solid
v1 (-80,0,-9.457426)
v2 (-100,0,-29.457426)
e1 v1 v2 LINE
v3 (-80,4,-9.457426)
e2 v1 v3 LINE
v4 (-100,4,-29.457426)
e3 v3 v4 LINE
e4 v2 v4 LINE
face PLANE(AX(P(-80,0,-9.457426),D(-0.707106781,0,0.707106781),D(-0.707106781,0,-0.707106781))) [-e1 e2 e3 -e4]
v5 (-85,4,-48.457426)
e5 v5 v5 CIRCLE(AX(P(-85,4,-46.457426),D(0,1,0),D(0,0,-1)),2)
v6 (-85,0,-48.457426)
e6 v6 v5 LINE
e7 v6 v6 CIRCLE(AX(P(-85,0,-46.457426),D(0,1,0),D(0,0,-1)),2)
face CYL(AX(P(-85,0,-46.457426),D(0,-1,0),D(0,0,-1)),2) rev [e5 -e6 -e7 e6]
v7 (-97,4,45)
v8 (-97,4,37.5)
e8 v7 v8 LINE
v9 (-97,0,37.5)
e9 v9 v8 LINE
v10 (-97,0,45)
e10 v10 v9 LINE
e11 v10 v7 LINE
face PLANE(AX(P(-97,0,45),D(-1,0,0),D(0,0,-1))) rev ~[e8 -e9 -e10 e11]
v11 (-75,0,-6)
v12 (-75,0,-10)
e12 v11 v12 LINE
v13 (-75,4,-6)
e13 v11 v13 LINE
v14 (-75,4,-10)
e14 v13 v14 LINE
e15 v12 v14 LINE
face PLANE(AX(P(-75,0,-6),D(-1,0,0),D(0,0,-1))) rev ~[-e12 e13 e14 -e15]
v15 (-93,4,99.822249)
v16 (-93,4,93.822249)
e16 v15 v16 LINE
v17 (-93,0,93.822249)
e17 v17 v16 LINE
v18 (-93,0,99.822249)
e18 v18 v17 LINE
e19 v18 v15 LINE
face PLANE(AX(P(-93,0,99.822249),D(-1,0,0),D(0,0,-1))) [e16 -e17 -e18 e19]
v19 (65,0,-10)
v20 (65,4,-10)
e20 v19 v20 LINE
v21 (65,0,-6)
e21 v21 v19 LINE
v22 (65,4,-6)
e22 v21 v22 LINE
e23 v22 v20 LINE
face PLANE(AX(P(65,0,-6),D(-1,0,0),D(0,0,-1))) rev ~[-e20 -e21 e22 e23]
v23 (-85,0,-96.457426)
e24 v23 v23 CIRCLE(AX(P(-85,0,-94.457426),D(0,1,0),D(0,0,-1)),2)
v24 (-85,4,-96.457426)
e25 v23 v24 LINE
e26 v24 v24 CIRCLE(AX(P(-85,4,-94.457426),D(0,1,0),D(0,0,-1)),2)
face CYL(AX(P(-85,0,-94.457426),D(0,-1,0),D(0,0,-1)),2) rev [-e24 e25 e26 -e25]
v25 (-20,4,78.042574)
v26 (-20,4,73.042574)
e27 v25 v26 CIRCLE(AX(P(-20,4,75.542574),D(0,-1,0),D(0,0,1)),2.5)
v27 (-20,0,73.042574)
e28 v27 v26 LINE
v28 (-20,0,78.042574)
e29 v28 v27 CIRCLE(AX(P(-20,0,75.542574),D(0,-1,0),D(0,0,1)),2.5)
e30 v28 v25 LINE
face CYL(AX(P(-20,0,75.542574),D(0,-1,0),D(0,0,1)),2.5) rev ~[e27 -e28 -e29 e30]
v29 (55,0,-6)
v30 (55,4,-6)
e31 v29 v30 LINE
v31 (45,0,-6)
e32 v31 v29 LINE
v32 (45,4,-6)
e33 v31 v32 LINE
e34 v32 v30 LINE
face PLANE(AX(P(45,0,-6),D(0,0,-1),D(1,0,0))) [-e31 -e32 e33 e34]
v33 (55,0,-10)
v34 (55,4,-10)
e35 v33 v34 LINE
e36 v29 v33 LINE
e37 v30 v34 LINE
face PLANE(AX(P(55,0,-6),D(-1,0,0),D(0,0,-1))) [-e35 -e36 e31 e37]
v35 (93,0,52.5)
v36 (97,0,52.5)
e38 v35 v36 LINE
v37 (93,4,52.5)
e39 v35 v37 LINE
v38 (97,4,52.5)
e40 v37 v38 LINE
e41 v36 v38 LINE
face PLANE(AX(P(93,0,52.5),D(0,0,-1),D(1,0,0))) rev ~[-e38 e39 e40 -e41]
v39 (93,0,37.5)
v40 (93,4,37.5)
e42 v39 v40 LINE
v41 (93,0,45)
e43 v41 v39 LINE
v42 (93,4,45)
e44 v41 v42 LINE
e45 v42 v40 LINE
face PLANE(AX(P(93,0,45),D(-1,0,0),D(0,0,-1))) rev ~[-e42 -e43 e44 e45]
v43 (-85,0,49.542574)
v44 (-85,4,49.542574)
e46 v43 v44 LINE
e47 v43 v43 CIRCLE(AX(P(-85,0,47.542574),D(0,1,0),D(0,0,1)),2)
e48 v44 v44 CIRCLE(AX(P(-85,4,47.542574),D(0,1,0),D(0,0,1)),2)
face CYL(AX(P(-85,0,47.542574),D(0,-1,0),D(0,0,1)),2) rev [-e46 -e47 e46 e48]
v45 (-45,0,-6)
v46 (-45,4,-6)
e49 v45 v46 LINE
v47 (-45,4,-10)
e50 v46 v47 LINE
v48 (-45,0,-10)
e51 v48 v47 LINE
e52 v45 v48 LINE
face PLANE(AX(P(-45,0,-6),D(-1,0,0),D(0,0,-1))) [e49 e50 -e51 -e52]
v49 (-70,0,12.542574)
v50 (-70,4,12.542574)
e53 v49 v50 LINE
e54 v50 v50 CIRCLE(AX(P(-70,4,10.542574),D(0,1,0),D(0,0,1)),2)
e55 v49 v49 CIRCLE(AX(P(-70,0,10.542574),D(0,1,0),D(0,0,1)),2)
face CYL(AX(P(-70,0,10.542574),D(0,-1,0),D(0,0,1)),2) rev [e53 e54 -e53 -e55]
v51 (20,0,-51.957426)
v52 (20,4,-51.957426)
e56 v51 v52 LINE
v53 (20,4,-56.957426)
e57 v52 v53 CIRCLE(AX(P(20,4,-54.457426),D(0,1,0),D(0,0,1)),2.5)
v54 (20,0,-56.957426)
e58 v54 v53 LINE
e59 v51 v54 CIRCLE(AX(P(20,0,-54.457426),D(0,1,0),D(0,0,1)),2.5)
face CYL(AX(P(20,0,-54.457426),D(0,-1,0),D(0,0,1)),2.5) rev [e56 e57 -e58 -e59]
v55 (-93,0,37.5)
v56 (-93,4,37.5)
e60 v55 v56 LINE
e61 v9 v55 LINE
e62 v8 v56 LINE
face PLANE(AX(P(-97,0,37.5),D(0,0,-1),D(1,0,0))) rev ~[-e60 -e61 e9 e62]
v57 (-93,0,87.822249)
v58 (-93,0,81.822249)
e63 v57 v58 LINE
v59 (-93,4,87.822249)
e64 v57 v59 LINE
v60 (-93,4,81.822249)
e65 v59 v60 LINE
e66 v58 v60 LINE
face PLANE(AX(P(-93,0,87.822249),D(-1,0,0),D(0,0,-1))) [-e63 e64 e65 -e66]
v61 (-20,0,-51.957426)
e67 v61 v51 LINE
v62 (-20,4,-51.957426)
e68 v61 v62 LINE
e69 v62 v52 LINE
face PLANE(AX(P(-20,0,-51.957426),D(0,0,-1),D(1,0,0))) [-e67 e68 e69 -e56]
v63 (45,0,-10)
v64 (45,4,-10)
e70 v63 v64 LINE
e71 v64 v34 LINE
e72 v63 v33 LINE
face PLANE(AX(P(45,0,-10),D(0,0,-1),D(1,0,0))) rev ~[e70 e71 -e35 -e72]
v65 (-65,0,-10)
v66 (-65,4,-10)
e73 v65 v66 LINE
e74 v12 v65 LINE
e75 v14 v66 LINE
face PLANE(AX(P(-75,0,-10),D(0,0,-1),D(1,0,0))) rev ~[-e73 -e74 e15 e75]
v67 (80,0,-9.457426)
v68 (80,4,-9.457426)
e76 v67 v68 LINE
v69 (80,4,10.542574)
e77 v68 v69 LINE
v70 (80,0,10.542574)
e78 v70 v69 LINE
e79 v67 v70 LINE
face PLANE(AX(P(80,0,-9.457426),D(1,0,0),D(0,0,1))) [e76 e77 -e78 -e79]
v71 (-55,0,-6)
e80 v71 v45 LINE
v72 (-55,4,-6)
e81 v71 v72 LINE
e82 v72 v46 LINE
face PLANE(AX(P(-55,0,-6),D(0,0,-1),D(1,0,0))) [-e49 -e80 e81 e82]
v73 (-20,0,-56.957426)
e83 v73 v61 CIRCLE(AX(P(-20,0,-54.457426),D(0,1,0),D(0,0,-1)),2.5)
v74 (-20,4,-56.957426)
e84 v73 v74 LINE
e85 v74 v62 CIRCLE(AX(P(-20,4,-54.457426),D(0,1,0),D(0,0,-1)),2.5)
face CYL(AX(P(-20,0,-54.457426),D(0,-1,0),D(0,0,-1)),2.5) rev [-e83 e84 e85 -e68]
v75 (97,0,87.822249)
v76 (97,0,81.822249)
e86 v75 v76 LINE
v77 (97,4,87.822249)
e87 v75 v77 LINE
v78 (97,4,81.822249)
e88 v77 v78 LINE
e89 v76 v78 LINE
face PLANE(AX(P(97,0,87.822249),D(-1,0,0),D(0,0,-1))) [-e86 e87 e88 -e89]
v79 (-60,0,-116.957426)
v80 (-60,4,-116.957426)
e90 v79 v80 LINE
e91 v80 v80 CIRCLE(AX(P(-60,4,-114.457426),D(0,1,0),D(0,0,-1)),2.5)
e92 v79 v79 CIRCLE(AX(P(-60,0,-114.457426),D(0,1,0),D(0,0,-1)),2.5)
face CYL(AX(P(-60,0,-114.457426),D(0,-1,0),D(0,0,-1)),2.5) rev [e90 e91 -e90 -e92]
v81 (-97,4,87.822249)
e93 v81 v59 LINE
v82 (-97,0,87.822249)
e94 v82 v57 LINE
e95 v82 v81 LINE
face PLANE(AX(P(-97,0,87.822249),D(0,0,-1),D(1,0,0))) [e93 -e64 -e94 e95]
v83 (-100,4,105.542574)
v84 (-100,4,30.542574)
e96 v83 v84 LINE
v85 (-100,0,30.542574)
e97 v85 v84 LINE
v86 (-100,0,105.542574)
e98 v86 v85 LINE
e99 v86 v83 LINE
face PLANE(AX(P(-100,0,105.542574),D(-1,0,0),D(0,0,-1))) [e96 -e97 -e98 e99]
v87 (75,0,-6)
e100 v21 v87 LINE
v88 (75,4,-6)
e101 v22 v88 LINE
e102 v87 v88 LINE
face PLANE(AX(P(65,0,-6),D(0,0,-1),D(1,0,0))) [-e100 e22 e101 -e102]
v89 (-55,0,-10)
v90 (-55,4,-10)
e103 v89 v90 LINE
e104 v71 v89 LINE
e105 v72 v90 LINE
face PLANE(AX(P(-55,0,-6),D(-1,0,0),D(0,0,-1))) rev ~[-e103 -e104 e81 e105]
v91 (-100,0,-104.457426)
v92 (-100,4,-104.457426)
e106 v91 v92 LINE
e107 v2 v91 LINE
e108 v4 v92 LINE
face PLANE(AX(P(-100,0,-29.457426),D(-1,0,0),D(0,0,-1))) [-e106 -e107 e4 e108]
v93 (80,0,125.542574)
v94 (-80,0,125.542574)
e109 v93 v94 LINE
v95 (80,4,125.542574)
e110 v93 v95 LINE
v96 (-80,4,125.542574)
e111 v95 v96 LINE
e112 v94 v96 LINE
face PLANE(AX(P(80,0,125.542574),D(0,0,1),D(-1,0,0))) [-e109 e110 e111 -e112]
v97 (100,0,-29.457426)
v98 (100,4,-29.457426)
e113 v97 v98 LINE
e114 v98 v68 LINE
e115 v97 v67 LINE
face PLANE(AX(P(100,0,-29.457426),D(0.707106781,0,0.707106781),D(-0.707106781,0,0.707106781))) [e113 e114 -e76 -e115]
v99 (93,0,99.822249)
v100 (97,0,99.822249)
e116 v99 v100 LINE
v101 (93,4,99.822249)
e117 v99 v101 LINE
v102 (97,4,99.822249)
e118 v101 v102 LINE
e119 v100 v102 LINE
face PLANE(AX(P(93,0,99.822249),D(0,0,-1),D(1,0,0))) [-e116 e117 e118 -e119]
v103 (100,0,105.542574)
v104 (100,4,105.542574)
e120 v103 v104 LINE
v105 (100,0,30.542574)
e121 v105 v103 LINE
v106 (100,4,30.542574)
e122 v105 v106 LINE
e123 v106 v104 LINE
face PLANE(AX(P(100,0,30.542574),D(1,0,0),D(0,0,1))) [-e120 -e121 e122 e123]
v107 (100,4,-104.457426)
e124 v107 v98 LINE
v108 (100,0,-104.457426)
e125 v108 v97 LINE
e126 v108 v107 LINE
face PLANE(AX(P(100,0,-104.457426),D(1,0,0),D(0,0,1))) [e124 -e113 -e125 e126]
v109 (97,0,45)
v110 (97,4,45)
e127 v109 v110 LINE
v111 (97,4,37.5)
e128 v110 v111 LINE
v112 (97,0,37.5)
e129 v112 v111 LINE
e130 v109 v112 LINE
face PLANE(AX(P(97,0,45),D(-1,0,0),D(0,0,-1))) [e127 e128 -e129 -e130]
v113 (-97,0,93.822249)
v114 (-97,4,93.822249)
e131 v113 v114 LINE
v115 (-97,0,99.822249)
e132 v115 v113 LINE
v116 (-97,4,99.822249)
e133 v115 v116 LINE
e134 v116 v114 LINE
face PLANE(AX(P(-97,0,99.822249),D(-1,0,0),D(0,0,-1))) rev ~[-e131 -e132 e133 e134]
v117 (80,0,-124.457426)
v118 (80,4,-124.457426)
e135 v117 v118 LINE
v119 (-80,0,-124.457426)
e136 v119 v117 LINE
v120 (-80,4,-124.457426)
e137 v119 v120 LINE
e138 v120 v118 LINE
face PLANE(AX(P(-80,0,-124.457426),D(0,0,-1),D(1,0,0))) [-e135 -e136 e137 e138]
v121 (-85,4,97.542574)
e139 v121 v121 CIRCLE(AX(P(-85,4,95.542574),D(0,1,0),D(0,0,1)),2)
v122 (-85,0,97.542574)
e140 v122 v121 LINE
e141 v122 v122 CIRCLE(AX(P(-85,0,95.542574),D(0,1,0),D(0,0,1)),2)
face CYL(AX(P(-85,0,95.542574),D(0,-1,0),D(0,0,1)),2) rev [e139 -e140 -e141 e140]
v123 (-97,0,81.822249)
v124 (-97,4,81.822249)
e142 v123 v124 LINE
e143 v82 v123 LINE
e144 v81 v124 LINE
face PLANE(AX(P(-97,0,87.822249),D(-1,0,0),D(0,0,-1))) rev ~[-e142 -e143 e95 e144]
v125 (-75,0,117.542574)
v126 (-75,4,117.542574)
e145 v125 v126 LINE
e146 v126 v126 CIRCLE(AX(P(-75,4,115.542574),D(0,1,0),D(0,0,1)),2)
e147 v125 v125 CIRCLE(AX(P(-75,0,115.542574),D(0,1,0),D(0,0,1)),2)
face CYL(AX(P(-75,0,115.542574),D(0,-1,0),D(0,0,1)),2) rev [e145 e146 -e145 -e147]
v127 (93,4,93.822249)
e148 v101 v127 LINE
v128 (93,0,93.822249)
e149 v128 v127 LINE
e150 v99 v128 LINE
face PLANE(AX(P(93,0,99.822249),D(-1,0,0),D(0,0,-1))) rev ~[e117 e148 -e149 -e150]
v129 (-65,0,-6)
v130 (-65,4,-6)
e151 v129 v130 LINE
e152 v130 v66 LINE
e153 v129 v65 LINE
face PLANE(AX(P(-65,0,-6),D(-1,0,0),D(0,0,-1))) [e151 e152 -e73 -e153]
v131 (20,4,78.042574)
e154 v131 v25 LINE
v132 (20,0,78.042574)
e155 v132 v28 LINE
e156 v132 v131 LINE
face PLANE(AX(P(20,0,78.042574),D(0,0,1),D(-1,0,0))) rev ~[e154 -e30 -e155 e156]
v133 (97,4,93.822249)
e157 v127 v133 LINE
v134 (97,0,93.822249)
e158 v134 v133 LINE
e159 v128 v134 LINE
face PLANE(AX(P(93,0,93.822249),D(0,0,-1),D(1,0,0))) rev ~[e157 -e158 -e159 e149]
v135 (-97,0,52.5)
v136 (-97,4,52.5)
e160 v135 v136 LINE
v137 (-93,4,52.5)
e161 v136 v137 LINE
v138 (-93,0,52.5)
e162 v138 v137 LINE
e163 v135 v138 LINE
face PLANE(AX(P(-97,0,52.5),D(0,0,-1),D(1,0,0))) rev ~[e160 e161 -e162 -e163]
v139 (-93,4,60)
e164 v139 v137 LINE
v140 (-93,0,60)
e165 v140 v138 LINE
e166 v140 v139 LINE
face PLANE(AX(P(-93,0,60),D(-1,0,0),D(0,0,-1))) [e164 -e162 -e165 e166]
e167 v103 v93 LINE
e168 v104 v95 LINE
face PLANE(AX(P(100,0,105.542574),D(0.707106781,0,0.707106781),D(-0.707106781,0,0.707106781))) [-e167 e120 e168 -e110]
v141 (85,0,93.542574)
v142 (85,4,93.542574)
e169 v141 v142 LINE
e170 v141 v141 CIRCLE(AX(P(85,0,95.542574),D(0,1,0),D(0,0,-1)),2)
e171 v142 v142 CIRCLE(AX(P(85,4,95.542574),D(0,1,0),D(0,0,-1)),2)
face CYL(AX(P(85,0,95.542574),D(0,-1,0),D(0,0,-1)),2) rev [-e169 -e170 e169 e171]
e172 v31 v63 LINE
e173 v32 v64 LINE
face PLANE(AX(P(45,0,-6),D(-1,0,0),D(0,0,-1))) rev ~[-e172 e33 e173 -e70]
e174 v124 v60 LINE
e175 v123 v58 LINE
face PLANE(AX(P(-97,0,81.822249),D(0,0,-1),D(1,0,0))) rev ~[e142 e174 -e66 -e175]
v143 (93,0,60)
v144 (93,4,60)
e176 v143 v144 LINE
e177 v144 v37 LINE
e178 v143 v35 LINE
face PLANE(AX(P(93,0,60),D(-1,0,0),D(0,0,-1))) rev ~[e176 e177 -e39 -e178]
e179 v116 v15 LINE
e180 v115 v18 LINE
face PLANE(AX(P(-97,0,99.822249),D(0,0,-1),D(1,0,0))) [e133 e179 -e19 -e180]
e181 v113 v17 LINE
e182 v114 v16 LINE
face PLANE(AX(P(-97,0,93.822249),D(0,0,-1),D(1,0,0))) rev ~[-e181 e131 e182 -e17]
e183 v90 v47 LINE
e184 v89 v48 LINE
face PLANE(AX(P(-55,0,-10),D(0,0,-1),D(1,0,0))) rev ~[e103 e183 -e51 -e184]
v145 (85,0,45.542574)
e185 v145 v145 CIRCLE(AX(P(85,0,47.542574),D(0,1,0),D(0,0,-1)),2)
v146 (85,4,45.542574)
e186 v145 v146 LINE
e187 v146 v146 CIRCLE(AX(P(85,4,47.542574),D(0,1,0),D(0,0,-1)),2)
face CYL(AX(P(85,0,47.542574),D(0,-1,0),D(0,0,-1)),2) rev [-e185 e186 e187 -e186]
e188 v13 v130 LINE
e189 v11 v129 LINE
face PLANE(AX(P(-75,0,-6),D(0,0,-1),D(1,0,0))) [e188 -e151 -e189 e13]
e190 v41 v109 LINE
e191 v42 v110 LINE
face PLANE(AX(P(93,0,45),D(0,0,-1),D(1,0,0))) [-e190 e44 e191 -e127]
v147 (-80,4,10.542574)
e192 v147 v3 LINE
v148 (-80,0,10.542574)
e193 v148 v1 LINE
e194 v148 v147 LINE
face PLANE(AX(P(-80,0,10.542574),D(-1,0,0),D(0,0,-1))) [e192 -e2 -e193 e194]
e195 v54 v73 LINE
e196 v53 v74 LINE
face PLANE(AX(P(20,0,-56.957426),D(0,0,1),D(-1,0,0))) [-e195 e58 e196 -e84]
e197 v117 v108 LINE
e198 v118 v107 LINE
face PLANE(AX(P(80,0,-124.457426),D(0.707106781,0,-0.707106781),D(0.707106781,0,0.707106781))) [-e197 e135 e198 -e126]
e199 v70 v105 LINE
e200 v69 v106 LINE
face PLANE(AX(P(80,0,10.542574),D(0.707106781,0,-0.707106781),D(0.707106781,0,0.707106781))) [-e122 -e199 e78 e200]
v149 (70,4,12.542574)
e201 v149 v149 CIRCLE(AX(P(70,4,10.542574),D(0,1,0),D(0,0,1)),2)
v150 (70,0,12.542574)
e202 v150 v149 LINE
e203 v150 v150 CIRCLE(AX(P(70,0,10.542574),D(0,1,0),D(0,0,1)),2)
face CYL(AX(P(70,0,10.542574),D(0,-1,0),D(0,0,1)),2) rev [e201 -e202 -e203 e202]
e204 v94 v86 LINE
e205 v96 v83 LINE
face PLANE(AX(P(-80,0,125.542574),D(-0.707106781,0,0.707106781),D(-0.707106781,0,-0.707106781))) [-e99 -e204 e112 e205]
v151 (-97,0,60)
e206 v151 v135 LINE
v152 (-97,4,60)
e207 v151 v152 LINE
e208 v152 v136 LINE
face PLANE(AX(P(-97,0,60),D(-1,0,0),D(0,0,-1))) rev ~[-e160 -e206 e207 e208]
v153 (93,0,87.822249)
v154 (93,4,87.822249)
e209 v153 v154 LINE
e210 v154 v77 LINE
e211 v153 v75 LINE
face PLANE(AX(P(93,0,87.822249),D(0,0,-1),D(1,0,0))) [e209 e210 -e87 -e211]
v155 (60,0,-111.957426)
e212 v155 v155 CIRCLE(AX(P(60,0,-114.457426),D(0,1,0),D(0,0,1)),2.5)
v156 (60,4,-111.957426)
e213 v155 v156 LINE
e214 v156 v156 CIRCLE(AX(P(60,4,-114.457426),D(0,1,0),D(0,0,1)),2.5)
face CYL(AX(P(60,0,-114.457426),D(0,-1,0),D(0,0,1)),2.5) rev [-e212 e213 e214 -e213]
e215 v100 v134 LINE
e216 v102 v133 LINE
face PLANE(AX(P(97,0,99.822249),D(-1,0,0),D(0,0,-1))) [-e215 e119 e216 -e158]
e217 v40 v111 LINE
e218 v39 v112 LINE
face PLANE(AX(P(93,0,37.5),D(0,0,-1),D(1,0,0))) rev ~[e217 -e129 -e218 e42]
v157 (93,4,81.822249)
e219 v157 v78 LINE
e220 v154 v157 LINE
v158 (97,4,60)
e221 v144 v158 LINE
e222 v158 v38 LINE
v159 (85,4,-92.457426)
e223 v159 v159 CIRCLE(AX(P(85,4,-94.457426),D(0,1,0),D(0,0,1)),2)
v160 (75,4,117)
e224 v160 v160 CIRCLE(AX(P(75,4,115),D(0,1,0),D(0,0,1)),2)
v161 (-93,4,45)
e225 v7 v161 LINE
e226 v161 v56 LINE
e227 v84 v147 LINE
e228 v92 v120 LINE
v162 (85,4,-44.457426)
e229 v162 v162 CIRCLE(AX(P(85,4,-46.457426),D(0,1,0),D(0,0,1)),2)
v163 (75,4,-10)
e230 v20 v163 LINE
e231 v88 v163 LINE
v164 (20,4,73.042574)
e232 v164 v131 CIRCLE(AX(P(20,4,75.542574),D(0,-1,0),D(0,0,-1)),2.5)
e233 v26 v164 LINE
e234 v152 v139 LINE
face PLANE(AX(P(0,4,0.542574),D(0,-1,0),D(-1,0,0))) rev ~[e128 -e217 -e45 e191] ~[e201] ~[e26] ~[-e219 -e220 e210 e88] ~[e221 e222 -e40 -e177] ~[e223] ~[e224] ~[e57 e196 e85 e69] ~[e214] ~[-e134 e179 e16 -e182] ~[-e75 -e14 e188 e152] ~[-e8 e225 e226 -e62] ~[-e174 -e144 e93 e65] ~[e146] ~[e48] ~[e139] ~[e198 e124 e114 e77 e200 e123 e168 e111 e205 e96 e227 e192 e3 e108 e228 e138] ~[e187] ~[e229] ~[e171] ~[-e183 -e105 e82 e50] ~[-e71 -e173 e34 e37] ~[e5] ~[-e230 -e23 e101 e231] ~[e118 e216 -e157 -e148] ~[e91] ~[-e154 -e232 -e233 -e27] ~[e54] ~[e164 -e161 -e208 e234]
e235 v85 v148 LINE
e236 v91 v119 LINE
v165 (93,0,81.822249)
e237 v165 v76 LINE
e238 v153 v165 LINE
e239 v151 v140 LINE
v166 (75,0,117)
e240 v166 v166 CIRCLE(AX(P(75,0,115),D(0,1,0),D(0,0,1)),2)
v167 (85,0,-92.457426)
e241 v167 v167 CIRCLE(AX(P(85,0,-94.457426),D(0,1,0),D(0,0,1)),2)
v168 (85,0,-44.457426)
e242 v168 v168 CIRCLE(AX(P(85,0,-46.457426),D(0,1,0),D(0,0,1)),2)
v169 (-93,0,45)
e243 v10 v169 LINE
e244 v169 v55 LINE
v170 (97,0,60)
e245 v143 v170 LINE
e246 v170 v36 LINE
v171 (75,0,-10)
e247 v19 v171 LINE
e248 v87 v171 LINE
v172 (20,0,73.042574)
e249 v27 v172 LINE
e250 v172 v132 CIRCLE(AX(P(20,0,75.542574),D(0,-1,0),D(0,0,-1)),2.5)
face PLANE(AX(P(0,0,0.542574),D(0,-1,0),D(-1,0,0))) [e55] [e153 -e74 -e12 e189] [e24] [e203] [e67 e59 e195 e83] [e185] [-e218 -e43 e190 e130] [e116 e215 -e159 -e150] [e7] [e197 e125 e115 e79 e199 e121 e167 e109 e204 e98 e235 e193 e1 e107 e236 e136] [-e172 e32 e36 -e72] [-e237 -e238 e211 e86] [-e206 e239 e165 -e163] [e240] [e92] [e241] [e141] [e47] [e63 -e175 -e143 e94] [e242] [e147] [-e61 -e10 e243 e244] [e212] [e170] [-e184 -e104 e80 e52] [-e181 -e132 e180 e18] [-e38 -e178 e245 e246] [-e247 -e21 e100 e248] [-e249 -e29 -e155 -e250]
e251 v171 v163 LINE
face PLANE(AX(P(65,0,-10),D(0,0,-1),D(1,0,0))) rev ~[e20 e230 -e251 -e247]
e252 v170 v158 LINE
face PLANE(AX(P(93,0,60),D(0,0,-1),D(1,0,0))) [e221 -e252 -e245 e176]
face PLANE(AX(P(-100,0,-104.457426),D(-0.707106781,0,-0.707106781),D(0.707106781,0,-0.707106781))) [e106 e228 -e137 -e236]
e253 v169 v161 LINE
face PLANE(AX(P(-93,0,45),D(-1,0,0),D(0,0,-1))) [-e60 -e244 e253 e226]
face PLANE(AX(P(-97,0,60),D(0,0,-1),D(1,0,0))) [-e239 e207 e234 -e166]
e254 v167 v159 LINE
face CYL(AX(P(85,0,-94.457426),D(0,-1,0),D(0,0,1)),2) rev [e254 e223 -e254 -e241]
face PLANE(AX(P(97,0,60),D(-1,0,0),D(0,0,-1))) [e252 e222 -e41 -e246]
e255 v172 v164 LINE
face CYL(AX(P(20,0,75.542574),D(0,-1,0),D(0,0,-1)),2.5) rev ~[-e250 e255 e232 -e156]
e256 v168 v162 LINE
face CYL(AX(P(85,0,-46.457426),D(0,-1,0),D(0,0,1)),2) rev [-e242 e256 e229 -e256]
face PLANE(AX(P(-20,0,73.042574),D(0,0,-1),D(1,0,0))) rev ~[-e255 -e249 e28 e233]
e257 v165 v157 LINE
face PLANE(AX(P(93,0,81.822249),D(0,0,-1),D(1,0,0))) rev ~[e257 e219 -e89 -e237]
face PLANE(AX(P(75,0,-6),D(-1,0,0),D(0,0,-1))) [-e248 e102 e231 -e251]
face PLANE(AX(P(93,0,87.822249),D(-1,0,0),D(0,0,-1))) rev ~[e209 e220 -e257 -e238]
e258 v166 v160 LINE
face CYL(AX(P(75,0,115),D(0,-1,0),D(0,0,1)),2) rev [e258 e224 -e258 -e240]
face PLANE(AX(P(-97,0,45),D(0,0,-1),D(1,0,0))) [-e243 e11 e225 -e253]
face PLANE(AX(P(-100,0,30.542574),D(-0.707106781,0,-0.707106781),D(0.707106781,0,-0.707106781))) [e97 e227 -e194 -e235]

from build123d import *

# Parameters (mm, degrees)
SKETCH1_R           = 2
SKETCH1_R_2         = 2.5
SKETCH1_W           = 4
SKETCH1_H           = 7.5
SKETCH1_H_2         = 6
SKETCH1_W_2         = 10
SKETCH1_H_3         = 4
BOSS_EXTRUDE1_DEPTH = 4


with BuildPart() as part:
    # Sketch1 → Boss-Extrude1 (new body)
    with BuildSketch(Plane(origin=(0, 0, 0), x_dir=(1, 0, 0), z_dir=(0, 1, 0))):
        Polygon((-80, -10.54257408), (-80, 9.45742592), (-100, 29.45742592), (-100, 104.45742592), (-80, 124.45742592), (80, 124.45742592), (100, 104.45742592), (100, 29.45742592), (80, 9.45742592), (80, -10.54257408), (100, -30.54257408), (100, -105.54257408), (80, -125.54257408), (-80, -125.54257408), (-100, -105.54257408), (-100, -30.54257408), align=None)
        with Locations(Location((85, 94.45742592, 0), (0, 0, 270))):
            Circle(SKETCH1_R, mode=Mode.SUBTRACT)
        with Locations(Location((85, 46.45742592, 0), (0, 0, 270))):
            Circle(SKETCH1_R, mode=Mode.SUBTRACT)
        with Locations(Location((85, -95.54257408, 0), (0, 0, 90))):
            Circle(SKETCH1_R, mode=Mode.SUBTRACT)
        with Locations(Location((85, -47.54257408, 0), (0, 0, 90))):
            Circle(SKETCH1_R, mode=Mode.SUBTRACT)
        with Locations(Location((-85, 94.45742592, 0), (0, 0, 90))):
            Circle(SKETCH1_R, mode=Mode.SUBTRACT)
        with Locations(Location((-85, 46.45742592, 0), (0, 0, 90))):
            Circle(SKETCH1_R, mode=Mode.SUBTRACT)
        with Locations(Location((-85, -47.54257408, 0), (0, 0, 270))):
            Circle(SKETCH1_R, mode=Mode.SUBTRACT)
        with Locations(Location((-85, -95.54257408, 0), (0, 0, 270))):
            Circle(SKETCH1_R, mode=Mode.SUBTRACT)
        with Locations(Location((60, 114.45742592, 0), (0, 0, 270))):
            Circle(SKETCH1_R_2, mode=Mode.SUBTRACT)
        with Locations(Location((-60, 114.45742592, 0), (0, 0, 90))):
            Circle(SKETCH1_R_2, mode=Mode.SUBTRACT)
        with Locations(Location((-75, -115.54257408, 0), (0, 0, 270))):
            Circle(SKETCH1_R, mode=Mode.SUBTRACT)
        with Locations(Location((-70, -10.54257408, 0), (0, 0, 270))):
            Circle(SKETCH1_R, mode=Mode.SUBTRACT)
        with Locations(Location((75, -115, 0), (0, 0, 270))):
            Circle(SKETCH1_R, mode=Mode.SUBTRACT)
        with Locations(Location((70, -10.54257408, 0), (0, 0, 270))):
            Circle(SKETCH1_R, mode=Mode.SUBTRACT)
        with BuildLine():
            Line((20, -78.04257408), (-20, -78.04257408))
            ThreePointArc((-20, -78.04257408), (-22.5, -75.54257408), (-20, -73.04257408))
            Line((-20, -73.04257408), (20, -73.04257408))
            ThreePointArc((20, -73.04257408), (22.5, -75.54257408), (20, -78.04257408))
        make_face(mode=Mode.SUBTRACT)
        with BuildLine():
            Line((20, 56.95742592), (-20, 56.95742592))
            ThreePointArc((-20, 56.95742592), (-22.5, 54.45742592), (-20, 51.95742592))
            Line((-20, 51.95742592), (20, 51.95742592))
            ThreePointArc((20, 51.95742592), (22.5, 54.45742592), (20, 56.95742592))
        make_face(mode=Mode.SUBTRACT)
        with Locations((95, -41.25)):
            Rectangle(SKETCH1_W, SKETCH1_H, mode=Mode.SUBTRACT)
        with Locations((95, -96.822248533)):
            Rectangle(SKETCH1_W, SKETCH1_H_2, mode=Mode.SUBTRACT)
        with Locations((70, 8)):
            Rectangle(SKETCH1_W_2, SKETCH1_H_3, mode=Mode.SUBTRACT)
        with Locations((95, -56.25)):
            Rectangle(SKETCH1_W, SKETCH1_H, mode=Mode.SUBTRACT)
        with Locations((50, 8)):
            Rectangle(SKETCH1_W_2, SKETCH1_H_3, mode=Mode.SUBTRACT)
        with Locations((95, -84.822248533)):
            Rectangle(SKETCH1_W, SKETCH1_H_2, mode=Mode.SUBTRACT)
        with Locations((-95, -96.822248533)):
            Rectangle(SKETCH1_W, SKETCH1_H_2, mode=Mode.SUBTRACT)
        with Locations((-95, -84.822248533)):
            Rectangle(SKETCH1_W, SKETCH1_H_2, mode=Mode.SUBTRACT)
        with Locations((-95, -56.25)):
            Rectangle(SKETCH1_W, SKETCH1_H, mode=Mode.SUBTRACT)
        with Locations((-95, -41.25)):
            Rectangle(SKETCH1_W, SKETCH1_H, mode=Mode.SUBTRACT)
        with Locations((-50, 8)):
            Rectangle(SKETCH1_W_2, SKETCH1_H_3, mode=Mode.SUBTRACT)
        with Locations((-70, 8)):
            Rectangle(SKETCH1_W_2, SKETCH1_H_3, mode=Mode.SUBTRACT)
    extrude(amount=BOSS_EXTRUDE1_DEPTH)


solid = part.part
